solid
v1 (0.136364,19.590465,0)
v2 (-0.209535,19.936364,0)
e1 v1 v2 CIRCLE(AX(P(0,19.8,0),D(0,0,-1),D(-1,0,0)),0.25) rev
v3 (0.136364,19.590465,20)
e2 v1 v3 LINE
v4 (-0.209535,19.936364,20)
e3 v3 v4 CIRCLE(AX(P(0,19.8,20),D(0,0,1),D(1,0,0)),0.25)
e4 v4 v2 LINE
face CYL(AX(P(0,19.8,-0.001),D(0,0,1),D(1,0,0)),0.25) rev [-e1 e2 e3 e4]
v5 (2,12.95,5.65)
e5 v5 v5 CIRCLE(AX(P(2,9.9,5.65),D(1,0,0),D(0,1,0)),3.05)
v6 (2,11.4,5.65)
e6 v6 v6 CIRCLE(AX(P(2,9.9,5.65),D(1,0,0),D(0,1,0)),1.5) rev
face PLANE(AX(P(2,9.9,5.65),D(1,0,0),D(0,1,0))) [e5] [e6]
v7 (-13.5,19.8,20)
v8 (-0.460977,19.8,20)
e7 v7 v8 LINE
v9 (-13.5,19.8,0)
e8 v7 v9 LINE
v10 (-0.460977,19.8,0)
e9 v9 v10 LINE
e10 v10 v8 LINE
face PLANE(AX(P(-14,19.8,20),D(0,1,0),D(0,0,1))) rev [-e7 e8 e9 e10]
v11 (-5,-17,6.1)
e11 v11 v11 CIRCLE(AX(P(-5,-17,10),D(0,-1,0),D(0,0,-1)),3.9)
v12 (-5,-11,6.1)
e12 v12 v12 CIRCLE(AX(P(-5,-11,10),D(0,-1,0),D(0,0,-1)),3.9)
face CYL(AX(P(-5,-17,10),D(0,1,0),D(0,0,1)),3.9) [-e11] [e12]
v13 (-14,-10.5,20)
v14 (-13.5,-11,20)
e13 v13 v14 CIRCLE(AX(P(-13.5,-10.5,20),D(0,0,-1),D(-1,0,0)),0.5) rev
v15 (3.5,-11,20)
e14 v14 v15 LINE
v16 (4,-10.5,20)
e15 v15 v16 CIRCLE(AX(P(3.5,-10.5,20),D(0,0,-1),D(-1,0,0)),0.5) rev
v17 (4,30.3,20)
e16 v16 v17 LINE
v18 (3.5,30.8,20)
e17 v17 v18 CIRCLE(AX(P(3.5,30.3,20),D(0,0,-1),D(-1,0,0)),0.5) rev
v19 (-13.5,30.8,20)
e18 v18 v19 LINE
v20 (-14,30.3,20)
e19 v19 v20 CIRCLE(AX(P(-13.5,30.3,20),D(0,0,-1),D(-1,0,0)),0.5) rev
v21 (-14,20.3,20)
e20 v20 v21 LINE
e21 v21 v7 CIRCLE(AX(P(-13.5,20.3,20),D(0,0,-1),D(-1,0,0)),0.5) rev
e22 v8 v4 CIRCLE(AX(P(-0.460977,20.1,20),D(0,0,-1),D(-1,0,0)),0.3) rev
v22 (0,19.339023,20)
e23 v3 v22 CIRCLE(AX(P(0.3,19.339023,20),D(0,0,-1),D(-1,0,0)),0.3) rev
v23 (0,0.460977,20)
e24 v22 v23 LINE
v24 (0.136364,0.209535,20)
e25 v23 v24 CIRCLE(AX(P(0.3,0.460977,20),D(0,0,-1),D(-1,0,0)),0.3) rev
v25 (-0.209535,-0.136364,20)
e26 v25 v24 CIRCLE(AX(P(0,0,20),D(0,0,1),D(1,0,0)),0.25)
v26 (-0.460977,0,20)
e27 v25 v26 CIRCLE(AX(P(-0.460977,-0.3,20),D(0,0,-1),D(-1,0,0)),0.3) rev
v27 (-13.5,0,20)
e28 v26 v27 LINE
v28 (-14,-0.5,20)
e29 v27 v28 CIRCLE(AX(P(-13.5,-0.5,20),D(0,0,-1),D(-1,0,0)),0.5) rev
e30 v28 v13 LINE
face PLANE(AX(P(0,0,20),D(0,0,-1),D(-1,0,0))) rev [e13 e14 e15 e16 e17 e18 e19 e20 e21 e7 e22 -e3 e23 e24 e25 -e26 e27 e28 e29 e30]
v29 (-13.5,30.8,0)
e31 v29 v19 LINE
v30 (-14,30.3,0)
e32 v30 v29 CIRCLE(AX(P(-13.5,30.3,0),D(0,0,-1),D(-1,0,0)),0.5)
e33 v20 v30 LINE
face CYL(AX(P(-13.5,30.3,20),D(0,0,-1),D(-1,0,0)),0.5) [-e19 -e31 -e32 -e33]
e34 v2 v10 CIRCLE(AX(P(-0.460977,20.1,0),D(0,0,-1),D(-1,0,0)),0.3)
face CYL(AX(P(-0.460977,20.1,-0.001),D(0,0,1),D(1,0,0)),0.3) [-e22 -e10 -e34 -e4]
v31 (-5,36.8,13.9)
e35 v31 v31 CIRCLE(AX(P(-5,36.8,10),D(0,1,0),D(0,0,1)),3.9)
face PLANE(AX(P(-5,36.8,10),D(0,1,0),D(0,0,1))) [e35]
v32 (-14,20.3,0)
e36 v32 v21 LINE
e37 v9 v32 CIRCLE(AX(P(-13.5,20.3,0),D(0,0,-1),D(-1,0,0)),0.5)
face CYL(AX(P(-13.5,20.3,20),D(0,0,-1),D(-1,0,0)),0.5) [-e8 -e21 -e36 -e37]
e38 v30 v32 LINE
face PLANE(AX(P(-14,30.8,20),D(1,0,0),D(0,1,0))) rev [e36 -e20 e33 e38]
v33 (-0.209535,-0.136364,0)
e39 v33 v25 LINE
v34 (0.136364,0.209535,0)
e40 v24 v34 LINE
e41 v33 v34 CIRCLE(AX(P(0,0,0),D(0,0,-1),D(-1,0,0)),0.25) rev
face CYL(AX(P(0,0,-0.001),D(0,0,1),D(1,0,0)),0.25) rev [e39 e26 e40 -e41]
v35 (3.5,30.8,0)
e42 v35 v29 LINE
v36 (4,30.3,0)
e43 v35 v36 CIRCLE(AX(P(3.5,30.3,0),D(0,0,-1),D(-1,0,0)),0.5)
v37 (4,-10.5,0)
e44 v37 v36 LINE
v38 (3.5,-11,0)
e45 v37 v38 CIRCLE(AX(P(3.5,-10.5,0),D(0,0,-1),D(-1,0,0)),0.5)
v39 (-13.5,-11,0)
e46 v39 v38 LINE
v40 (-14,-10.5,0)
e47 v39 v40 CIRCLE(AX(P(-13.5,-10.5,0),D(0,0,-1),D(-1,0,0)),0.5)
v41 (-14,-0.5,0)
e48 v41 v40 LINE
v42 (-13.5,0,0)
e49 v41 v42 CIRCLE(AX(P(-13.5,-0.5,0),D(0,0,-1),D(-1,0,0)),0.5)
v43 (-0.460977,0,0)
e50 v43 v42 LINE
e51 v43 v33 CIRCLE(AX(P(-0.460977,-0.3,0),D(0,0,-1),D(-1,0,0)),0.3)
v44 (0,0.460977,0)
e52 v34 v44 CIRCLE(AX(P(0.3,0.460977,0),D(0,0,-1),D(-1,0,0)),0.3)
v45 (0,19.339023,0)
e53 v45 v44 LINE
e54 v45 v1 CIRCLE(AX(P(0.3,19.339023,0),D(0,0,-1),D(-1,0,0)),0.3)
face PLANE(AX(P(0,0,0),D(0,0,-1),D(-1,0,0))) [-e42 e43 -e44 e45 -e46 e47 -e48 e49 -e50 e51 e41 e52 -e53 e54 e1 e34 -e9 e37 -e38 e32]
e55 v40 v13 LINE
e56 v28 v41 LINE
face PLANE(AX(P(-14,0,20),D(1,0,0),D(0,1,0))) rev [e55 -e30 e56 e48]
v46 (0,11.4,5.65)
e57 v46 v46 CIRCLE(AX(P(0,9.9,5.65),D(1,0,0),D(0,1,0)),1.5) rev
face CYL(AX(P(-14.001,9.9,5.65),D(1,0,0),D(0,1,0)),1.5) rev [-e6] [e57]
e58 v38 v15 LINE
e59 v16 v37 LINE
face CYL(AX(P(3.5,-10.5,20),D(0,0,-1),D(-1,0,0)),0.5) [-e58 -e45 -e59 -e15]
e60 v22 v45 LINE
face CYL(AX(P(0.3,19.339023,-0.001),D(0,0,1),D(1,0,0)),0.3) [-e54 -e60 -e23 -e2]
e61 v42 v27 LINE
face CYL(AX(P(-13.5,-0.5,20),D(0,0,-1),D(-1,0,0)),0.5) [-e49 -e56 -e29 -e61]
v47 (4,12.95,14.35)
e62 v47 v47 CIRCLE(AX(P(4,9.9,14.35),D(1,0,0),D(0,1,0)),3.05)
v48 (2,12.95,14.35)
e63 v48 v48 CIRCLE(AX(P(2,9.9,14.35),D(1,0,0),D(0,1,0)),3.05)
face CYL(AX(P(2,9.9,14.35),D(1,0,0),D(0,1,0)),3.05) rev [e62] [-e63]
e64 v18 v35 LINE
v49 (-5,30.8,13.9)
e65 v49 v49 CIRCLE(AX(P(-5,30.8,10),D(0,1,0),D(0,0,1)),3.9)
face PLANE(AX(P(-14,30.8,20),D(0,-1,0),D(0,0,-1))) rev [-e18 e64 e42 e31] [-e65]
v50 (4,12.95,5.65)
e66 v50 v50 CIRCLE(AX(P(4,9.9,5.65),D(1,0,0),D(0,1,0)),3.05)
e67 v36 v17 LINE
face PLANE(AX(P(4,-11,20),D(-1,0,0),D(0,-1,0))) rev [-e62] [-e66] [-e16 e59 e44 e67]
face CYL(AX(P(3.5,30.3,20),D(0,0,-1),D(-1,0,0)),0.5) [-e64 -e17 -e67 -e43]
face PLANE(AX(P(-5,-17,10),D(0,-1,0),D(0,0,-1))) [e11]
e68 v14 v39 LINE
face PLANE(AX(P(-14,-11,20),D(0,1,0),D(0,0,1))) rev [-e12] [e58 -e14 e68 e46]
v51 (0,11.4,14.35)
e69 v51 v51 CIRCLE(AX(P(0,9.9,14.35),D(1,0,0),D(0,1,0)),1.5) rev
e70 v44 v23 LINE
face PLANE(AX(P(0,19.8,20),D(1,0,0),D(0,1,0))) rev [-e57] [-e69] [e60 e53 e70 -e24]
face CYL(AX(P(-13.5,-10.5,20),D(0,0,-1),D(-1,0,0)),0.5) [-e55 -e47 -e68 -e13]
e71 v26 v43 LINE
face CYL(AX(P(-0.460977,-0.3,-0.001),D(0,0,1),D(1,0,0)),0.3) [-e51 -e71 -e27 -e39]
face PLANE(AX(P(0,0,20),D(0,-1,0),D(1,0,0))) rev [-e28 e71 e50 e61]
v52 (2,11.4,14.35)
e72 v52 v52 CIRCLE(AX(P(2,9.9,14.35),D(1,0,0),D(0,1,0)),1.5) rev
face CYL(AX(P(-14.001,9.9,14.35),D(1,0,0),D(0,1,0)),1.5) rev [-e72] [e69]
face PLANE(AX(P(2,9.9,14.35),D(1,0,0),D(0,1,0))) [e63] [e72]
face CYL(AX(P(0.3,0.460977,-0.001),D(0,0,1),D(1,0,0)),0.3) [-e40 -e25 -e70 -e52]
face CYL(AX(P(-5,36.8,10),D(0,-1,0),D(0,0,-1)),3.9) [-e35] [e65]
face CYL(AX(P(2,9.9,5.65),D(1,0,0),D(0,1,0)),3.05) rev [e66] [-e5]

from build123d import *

# Parameters (mm, degrees)
BOSS_EXTRUDE1_DEPTH = 20
CUT_EXTRUDE3_REACH  = 41.302
SKETCH5_R           = 0.25
CUT_EXTRUDE4_REACH  = 42.898
SKETCH3_R           = 1.5
FILLET3_R           = 0.3
SKETCH12_R          = 3.9
BOSS_EXTRUDE3_DEPTH = 6
BOSS_EXTRUDE4_START = 6
SKETCH13_R          = 3.9
BOSS_EXTRUDE4_DEPTH = 6
FILLET4_R           = 0.5
SKETCH14_R          = 3.05
CUT_EXTRUDE5_DEPTH  = 2


with BuildPart() as part:
    # Sketch1 → Boss-Extrude1 (new body)
    with BuildSketch(Plane.XY):
        Polygon((0, 0), (-14, 0), (-14, -11), (4, -11), (4, 30.8), (-14, 30.8), (-14, 19.8), (0, 19.8), align=None)
    extrude(amount=BOSS_EXTRUDE1_DEPTH)

    # Sketch5 → Cut-Extrude3 (cut, up to next)
    with BuildSketch(Plane.XY.offset(20), mode=Mode.PRIVATE) as cut_extrude3_sk1:
        Circle(SKETCH5_R)
    cut_extrude3_tool1 = extrude(cut_extrude3_sk1.sketch, amount=-CUT_EXTRUDE3_REACH, mode=Mode.PRIVATE) & part.part
    # Sketch5 → Cut-Extrude3 (cut, up to next)
    with BuildSketch(Plane.XY.offset(20), mode=Mode.PRIVATE) as cut_extrude3_sk2:
        with Locations((0, 19.8)):
            Circle(SKETCH5_R)
    cut_extrude3_tool2 = extrude(cut_extrude3_sk2.sketch, amount=-CUT_EXTRUDE3_REACH, mode=Mode.PRIVATE) & part.part
    add(cut_extrude3_tool1.solids().sort_by_distance((0, 0, 20))[0], mode=Mode.SUBTRACT)
    add(cut_extrude3_tool2.solids().sort_by_distance((0, 19.8, 20))[0], mode=Mode.SUBTRACT)

    # Sketch3 → Cut-Extrude4 (cut, up to next)
    with BuildSketch(Plane(origin=(4, 0, 0), x_dir=(0, 0, -1), z_dir=(1, 0, 0)), mode=Mode.PRIVATE) as cut_extrude4_sk1:
        with Locations(Location((-5.65, 9.9, 0), (0, 0, 90))):
            Circle(SKETCH3_R)
    cut_extrude4_tool1 = extrude(cut_extrude4_sk1.sketch, amount=-CUT_EXTRUDE4_REACH, mode=Mode.PRIVATE) & part.part
    # Sketch3 → Cut-Extrude4 (cut, up to next)
    with BuildSketch(Plane(origin=(4, 0, 0), x_dir=(0, 0, -1), z_dir=(1, 0, 0)), mode=Mode.PRIVATE) as cut_extrude4_sk2:
        with Locations(Location((-14.35, 9.9, 0), (0, 0, 90))):
            Circle(SKETCH3_R)
    cut_extrude4_tool2 = extrude(cut_extrude4_sk2.sketch, amount=-CUT_EXTRUDE4_REACH, mode=Mode.PRIVATE) & part.part
    add(cut_extrude4_tool1.solids().sort_by_distance((4, 9.9, 5.65))[0], mode=Mode.SUBTRACT)
    add(cut_extrude4_tool2.solids().sort_by_distance((4, 9.9, 14.35))[0], mode=Mode.SUBTRACT)

    # Fillet3
    fillet3_edges = [part.edges().sort_by_distance(p)[0] for p in [
        (0, 0.25, 10),
        (-0.25, 0, 10),
        (0, 19.55, 10),
        (-0.25, 19.8, 10),
    ]]
    fillet(fillet3_edges, radius=FILLET3_R)

    # Sketch12 → Boss-Extrude3 (add)
    with BuildSketch(Plane.XZ.offset(11)):
        with Locations(Location((-5, 10, 0), (0, 0, 270))):
            Circle(SKETCH12_R)
    extrude(amount=BOSS_EXTRUDE3_DEPTH)

    # Sketch13 → Boss-Extrude4 (add)
    with BuildSketch(Plane(origin=(0, 30.8, 0), x_dir=(1, 0, 0), z_dir=(0, 1, 0)).offset(BOSS_EXTRUDE4_START)):
        with Locations(Location((-5, -10, 0), (0, 0, 90))):
            Circle(SKETCH13_R)
    extrude(amount=-BOSS_EXTRUDE4_DEPTH)

    # Fillet4
    fillet4_edges = [part.edges().sort_by_distance(p)[0] for p in [
        (-14, 19.8, 10),
        (-14, 30.8, 10),
        (4, 30.8, 10),
        (4, -11, 10),
        (-14, -11, 10),
        (-14, 0, 10),
    ]]
    fillet(fillet4_edges, radius=FILLET4_R)

    # Sketch14 → Cut-Extrude5 (cut)
    with BuildSketch(Plane(origin=(4, 0, 0), x_dir=(0, 0, -1), z_dir=(1, 0, 0))):
        with Locations(Location((-14.35, 9.9, 0), (0, 0, 90))):
            Circle(SKETCH14_R)
        with Locations(Location((-5.65, 9.9, 0), (0, 0, 90))):
            Circle(SKETCH14_R)
    extrude(amount=-CUT_EXTRUDE5_DEPTH, mode=Mode.SUBTRACT)


solid = part.part
